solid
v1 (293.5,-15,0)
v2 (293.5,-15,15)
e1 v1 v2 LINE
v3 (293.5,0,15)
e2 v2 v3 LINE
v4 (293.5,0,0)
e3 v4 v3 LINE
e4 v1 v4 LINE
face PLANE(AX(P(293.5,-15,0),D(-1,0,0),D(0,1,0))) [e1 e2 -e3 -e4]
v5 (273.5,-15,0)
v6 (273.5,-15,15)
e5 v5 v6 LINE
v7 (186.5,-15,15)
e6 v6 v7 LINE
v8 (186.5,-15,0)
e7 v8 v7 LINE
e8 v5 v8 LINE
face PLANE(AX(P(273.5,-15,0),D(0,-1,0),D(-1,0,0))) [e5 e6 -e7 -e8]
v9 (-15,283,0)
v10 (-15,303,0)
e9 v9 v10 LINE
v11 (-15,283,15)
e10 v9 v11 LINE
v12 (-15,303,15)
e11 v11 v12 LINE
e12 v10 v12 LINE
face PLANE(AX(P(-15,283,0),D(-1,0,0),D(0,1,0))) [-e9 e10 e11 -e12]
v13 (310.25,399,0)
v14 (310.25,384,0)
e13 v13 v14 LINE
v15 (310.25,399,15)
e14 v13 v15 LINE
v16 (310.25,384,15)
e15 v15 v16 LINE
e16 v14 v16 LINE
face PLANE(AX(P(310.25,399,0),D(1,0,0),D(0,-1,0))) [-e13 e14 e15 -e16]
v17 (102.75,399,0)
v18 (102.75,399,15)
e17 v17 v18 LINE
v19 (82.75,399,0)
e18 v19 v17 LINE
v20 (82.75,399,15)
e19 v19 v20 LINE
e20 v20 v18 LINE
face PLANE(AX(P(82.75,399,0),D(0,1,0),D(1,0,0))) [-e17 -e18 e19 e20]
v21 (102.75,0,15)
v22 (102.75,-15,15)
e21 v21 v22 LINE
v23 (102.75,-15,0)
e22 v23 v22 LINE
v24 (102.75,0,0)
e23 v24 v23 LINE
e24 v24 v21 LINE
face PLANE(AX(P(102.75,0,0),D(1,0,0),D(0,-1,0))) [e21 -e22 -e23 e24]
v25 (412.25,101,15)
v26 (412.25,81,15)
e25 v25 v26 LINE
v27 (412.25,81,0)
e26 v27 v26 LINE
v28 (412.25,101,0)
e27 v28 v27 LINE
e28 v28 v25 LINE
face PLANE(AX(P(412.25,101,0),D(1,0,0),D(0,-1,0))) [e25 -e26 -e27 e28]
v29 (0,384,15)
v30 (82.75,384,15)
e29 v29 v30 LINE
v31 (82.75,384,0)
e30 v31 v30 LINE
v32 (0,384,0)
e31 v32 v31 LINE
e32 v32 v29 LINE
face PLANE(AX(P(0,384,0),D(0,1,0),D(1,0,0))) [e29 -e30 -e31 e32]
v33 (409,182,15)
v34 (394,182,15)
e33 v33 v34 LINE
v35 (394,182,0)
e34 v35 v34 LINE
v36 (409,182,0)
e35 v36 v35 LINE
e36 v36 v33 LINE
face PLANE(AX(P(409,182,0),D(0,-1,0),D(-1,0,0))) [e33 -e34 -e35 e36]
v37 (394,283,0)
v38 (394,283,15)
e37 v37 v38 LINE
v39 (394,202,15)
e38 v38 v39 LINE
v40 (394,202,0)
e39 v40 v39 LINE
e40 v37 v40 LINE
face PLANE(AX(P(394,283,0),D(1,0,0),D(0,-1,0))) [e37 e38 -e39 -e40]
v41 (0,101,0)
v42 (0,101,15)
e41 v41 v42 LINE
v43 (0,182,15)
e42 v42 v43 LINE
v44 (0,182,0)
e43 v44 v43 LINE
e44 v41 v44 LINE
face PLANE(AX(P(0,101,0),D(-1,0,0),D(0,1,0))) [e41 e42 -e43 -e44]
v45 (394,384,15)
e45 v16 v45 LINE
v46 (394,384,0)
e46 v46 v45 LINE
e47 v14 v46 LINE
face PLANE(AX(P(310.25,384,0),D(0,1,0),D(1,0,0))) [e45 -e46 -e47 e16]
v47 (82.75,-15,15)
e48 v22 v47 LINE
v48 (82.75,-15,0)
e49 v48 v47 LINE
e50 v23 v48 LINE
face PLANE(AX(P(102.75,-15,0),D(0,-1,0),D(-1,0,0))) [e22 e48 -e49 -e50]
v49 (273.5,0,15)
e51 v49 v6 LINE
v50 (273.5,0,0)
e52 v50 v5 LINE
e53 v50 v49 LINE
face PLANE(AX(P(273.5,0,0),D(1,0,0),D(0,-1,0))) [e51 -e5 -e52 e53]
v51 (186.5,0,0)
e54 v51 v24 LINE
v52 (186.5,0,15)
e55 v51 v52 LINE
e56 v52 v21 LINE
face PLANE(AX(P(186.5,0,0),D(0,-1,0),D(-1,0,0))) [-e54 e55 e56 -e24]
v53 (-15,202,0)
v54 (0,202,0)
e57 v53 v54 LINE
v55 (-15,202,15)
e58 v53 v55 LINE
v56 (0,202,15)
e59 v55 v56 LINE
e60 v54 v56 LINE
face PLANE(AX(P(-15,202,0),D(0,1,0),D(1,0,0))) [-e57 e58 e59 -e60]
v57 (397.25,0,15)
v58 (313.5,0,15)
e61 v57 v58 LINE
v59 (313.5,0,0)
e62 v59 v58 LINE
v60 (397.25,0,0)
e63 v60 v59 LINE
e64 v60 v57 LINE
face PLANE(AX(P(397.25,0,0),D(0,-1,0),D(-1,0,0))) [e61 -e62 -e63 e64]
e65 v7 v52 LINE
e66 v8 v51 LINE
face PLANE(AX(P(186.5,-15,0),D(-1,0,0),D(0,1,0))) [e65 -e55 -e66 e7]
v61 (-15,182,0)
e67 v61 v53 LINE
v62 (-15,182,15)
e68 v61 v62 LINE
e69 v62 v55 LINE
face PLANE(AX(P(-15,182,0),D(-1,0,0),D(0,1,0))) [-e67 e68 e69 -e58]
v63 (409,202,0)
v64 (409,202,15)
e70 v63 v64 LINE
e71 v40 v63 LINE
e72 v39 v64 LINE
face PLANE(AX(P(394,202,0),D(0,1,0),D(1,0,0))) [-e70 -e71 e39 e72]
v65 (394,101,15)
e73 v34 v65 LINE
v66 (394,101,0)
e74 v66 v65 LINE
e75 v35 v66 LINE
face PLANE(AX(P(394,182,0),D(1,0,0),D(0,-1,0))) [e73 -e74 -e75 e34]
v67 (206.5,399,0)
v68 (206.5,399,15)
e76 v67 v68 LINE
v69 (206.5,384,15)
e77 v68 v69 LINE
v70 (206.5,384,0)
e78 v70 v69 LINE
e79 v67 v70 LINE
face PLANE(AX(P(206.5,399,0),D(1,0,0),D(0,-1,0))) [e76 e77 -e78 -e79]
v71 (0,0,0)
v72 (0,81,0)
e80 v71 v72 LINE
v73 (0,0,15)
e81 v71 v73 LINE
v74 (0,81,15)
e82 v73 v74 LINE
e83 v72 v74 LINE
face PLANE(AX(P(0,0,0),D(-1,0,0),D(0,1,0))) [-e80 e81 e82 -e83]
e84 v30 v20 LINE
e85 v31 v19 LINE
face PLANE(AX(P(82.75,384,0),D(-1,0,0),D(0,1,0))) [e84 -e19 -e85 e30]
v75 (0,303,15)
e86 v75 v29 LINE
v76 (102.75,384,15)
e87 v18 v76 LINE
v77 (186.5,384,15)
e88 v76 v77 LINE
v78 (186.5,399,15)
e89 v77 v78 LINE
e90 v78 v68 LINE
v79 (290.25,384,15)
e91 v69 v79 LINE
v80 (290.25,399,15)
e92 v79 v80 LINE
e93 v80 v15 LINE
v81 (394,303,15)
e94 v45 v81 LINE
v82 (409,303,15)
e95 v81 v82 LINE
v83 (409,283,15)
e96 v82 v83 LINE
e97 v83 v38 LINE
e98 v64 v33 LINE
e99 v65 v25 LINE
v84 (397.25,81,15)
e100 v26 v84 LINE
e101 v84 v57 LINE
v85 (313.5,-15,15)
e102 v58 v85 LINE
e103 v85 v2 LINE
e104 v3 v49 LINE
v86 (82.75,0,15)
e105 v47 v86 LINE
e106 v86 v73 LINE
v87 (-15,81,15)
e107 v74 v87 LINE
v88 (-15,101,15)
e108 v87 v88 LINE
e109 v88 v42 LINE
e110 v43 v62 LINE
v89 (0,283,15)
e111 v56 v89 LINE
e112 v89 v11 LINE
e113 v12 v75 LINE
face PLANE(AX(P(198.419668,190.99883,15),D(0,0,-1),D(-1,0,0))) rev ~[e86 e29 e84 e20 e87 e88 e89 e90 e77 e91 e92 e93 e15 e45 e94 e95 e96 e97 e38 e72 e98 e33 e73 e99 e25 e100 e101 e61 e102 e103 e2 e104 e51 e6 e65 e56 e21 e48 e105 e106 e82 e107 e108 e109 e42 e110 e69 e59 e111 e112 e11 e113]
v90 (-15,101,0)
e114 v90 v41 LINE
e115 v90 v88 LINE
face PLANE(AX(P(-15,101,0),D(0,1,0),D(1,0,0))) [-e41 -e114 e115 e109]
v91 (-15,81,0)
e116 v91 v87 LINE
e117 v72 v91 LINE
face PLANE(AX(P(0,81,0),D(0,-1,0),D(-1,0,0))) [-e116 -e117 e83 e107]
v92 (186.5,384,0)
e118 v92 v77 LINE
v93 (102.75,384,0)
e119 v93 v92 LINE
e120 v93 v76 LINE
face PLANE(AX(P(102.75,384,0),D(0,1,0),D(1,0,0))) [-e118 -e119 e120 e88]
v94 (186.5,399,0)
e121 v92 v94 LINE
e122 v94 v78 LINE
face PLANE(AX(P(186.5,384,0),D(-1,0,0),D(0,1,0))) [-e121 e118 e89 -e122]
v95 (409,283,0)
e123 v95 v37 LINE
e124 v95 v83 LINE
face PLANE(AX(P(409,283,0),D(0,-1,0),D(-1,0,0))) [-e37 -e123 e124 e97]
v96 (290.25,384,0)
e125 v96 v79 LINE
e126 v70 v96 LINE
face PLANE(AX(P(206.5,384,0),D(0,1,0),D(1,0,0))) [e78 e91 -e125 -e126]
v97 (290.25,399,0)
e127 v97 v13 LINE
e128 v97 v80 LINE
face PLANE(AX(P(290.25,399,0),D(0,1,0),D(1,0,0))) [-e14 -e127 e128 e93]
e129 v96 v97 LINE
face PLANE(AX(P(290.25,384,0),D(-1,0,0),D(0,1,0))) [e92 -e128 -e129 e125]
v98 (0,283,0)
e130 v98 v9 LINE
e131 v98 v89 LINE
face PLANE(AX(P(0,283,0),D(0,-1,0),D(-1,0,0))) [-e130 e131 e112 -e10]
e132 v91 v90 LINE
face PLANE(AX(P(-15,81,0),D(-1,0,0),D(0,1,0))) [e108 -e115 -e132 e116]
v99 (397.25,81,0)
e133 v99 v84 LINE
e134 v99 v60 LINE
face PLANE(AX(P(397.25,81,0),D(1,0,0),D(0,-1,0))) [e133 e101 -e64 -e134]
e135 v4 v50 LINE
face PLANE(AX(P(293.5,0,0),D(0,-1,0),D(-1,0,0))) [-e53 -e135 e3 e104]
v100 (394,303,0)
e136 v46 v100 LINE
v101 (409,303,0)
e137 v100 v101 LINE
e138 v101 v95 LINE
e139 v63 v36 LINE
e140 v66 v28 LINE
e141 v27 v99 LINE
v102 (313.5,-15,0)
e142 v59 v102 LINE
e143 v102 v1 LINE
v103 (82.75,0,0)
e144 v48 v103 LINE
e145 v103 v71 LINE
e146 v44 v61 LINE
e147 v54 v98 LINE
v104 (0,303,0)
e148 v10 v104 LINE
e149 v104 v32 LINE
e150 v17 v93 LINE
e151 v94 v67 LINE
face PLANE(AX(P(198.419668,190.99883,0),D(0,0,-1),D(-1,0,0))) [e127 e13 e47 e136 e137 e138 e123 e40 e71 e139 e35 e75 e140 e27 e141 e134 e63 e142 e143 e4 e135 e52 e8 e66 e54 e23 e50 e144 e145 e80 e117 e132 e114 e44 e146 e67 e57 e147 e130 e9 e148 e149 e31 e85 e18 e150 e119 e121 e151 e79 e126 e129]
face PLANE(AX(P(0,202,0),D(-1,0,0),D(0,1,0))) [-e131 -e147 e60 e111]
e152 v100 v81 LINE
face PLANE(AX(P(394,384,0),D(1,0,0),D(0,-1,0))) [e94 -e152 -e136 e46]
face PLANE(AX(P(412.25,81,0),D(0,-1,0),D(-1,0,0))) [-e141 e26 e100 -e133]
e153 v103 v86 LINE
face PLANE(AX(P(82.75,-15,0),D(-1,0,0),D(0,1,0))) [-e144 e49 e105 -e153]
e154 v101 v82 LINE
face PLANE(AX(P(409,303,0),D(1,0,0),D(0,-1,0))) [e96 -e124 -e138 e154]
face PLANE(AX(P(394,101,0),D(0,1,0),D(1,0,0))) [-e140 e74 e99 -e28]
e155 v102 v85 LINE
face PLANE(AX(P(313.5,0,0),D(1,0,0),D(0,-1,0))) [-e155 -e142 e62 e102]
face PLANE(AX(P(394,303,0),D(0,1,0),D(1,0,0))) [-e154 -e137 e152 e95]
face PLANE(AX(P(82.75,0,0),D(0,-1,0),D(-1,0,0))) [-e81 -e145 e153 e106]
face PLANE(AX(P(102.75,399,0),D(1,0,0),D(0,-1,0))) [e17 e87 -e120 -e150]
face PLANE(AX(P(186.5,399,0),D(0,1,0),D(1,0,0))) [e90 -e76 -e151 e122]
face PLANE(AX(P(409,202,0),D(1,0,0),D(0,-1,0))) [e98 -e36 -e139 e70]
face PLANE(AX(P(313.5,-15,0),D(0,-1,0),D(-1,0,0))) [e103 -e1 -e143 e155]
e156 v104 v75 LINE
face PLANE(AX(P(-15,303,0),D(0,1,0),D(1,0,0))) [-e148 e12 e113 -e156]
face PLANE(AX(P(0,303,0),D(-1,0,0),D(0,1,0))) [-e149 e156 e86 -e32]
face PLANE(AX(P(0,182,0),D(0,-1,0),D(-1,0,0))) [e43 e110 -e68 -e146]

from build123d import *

# Parameters (mm, degrees)
BOSS_EXTRUDE1_DEPTH = 15


with BuildPart() as part:
    # Sketch1 → Boss-Extrude1 (new body)
    with BuildSketch(Plane.XY):
        Polygon((0, 0), (0, 81), (-15, 81), (-15, 101), (0, 101), (0, 182), (-15, 182), (-15, 202), (0, 202), (0, 283), (-15, 283), (-15, 303), (0, 303), (0, 384), (82.75, 384), (82.75, 399), (102.75, 399), (102.75, 384), (186.5, 384), (186.5, 399), (206.5, 399), (206.5, 384), (290.25, 384), (290.25, 399), (310.25, 399), (310.25, 384), (394, 384), (394, 303), (409, 303), (409, 283), (394, 283), (394, 202), (409, 202), (409, 182), (394, 182), (394, 101), (412.25, 101), (412.25, 81), (397.25, 81), (397.25, 0), (313.5, 0), (313.5, -15), (293.5, -15), (293.5, 0), (273.5, 0), (273.5, -15), (186.5, -15), (186.5, 0), (102.75, 0), (102.75, -15), (82.75, -15), (82.75, 0), align=None)
    extrude(amount=BOSS_EXTRUDE1_DEPTH)


solid = part.part
